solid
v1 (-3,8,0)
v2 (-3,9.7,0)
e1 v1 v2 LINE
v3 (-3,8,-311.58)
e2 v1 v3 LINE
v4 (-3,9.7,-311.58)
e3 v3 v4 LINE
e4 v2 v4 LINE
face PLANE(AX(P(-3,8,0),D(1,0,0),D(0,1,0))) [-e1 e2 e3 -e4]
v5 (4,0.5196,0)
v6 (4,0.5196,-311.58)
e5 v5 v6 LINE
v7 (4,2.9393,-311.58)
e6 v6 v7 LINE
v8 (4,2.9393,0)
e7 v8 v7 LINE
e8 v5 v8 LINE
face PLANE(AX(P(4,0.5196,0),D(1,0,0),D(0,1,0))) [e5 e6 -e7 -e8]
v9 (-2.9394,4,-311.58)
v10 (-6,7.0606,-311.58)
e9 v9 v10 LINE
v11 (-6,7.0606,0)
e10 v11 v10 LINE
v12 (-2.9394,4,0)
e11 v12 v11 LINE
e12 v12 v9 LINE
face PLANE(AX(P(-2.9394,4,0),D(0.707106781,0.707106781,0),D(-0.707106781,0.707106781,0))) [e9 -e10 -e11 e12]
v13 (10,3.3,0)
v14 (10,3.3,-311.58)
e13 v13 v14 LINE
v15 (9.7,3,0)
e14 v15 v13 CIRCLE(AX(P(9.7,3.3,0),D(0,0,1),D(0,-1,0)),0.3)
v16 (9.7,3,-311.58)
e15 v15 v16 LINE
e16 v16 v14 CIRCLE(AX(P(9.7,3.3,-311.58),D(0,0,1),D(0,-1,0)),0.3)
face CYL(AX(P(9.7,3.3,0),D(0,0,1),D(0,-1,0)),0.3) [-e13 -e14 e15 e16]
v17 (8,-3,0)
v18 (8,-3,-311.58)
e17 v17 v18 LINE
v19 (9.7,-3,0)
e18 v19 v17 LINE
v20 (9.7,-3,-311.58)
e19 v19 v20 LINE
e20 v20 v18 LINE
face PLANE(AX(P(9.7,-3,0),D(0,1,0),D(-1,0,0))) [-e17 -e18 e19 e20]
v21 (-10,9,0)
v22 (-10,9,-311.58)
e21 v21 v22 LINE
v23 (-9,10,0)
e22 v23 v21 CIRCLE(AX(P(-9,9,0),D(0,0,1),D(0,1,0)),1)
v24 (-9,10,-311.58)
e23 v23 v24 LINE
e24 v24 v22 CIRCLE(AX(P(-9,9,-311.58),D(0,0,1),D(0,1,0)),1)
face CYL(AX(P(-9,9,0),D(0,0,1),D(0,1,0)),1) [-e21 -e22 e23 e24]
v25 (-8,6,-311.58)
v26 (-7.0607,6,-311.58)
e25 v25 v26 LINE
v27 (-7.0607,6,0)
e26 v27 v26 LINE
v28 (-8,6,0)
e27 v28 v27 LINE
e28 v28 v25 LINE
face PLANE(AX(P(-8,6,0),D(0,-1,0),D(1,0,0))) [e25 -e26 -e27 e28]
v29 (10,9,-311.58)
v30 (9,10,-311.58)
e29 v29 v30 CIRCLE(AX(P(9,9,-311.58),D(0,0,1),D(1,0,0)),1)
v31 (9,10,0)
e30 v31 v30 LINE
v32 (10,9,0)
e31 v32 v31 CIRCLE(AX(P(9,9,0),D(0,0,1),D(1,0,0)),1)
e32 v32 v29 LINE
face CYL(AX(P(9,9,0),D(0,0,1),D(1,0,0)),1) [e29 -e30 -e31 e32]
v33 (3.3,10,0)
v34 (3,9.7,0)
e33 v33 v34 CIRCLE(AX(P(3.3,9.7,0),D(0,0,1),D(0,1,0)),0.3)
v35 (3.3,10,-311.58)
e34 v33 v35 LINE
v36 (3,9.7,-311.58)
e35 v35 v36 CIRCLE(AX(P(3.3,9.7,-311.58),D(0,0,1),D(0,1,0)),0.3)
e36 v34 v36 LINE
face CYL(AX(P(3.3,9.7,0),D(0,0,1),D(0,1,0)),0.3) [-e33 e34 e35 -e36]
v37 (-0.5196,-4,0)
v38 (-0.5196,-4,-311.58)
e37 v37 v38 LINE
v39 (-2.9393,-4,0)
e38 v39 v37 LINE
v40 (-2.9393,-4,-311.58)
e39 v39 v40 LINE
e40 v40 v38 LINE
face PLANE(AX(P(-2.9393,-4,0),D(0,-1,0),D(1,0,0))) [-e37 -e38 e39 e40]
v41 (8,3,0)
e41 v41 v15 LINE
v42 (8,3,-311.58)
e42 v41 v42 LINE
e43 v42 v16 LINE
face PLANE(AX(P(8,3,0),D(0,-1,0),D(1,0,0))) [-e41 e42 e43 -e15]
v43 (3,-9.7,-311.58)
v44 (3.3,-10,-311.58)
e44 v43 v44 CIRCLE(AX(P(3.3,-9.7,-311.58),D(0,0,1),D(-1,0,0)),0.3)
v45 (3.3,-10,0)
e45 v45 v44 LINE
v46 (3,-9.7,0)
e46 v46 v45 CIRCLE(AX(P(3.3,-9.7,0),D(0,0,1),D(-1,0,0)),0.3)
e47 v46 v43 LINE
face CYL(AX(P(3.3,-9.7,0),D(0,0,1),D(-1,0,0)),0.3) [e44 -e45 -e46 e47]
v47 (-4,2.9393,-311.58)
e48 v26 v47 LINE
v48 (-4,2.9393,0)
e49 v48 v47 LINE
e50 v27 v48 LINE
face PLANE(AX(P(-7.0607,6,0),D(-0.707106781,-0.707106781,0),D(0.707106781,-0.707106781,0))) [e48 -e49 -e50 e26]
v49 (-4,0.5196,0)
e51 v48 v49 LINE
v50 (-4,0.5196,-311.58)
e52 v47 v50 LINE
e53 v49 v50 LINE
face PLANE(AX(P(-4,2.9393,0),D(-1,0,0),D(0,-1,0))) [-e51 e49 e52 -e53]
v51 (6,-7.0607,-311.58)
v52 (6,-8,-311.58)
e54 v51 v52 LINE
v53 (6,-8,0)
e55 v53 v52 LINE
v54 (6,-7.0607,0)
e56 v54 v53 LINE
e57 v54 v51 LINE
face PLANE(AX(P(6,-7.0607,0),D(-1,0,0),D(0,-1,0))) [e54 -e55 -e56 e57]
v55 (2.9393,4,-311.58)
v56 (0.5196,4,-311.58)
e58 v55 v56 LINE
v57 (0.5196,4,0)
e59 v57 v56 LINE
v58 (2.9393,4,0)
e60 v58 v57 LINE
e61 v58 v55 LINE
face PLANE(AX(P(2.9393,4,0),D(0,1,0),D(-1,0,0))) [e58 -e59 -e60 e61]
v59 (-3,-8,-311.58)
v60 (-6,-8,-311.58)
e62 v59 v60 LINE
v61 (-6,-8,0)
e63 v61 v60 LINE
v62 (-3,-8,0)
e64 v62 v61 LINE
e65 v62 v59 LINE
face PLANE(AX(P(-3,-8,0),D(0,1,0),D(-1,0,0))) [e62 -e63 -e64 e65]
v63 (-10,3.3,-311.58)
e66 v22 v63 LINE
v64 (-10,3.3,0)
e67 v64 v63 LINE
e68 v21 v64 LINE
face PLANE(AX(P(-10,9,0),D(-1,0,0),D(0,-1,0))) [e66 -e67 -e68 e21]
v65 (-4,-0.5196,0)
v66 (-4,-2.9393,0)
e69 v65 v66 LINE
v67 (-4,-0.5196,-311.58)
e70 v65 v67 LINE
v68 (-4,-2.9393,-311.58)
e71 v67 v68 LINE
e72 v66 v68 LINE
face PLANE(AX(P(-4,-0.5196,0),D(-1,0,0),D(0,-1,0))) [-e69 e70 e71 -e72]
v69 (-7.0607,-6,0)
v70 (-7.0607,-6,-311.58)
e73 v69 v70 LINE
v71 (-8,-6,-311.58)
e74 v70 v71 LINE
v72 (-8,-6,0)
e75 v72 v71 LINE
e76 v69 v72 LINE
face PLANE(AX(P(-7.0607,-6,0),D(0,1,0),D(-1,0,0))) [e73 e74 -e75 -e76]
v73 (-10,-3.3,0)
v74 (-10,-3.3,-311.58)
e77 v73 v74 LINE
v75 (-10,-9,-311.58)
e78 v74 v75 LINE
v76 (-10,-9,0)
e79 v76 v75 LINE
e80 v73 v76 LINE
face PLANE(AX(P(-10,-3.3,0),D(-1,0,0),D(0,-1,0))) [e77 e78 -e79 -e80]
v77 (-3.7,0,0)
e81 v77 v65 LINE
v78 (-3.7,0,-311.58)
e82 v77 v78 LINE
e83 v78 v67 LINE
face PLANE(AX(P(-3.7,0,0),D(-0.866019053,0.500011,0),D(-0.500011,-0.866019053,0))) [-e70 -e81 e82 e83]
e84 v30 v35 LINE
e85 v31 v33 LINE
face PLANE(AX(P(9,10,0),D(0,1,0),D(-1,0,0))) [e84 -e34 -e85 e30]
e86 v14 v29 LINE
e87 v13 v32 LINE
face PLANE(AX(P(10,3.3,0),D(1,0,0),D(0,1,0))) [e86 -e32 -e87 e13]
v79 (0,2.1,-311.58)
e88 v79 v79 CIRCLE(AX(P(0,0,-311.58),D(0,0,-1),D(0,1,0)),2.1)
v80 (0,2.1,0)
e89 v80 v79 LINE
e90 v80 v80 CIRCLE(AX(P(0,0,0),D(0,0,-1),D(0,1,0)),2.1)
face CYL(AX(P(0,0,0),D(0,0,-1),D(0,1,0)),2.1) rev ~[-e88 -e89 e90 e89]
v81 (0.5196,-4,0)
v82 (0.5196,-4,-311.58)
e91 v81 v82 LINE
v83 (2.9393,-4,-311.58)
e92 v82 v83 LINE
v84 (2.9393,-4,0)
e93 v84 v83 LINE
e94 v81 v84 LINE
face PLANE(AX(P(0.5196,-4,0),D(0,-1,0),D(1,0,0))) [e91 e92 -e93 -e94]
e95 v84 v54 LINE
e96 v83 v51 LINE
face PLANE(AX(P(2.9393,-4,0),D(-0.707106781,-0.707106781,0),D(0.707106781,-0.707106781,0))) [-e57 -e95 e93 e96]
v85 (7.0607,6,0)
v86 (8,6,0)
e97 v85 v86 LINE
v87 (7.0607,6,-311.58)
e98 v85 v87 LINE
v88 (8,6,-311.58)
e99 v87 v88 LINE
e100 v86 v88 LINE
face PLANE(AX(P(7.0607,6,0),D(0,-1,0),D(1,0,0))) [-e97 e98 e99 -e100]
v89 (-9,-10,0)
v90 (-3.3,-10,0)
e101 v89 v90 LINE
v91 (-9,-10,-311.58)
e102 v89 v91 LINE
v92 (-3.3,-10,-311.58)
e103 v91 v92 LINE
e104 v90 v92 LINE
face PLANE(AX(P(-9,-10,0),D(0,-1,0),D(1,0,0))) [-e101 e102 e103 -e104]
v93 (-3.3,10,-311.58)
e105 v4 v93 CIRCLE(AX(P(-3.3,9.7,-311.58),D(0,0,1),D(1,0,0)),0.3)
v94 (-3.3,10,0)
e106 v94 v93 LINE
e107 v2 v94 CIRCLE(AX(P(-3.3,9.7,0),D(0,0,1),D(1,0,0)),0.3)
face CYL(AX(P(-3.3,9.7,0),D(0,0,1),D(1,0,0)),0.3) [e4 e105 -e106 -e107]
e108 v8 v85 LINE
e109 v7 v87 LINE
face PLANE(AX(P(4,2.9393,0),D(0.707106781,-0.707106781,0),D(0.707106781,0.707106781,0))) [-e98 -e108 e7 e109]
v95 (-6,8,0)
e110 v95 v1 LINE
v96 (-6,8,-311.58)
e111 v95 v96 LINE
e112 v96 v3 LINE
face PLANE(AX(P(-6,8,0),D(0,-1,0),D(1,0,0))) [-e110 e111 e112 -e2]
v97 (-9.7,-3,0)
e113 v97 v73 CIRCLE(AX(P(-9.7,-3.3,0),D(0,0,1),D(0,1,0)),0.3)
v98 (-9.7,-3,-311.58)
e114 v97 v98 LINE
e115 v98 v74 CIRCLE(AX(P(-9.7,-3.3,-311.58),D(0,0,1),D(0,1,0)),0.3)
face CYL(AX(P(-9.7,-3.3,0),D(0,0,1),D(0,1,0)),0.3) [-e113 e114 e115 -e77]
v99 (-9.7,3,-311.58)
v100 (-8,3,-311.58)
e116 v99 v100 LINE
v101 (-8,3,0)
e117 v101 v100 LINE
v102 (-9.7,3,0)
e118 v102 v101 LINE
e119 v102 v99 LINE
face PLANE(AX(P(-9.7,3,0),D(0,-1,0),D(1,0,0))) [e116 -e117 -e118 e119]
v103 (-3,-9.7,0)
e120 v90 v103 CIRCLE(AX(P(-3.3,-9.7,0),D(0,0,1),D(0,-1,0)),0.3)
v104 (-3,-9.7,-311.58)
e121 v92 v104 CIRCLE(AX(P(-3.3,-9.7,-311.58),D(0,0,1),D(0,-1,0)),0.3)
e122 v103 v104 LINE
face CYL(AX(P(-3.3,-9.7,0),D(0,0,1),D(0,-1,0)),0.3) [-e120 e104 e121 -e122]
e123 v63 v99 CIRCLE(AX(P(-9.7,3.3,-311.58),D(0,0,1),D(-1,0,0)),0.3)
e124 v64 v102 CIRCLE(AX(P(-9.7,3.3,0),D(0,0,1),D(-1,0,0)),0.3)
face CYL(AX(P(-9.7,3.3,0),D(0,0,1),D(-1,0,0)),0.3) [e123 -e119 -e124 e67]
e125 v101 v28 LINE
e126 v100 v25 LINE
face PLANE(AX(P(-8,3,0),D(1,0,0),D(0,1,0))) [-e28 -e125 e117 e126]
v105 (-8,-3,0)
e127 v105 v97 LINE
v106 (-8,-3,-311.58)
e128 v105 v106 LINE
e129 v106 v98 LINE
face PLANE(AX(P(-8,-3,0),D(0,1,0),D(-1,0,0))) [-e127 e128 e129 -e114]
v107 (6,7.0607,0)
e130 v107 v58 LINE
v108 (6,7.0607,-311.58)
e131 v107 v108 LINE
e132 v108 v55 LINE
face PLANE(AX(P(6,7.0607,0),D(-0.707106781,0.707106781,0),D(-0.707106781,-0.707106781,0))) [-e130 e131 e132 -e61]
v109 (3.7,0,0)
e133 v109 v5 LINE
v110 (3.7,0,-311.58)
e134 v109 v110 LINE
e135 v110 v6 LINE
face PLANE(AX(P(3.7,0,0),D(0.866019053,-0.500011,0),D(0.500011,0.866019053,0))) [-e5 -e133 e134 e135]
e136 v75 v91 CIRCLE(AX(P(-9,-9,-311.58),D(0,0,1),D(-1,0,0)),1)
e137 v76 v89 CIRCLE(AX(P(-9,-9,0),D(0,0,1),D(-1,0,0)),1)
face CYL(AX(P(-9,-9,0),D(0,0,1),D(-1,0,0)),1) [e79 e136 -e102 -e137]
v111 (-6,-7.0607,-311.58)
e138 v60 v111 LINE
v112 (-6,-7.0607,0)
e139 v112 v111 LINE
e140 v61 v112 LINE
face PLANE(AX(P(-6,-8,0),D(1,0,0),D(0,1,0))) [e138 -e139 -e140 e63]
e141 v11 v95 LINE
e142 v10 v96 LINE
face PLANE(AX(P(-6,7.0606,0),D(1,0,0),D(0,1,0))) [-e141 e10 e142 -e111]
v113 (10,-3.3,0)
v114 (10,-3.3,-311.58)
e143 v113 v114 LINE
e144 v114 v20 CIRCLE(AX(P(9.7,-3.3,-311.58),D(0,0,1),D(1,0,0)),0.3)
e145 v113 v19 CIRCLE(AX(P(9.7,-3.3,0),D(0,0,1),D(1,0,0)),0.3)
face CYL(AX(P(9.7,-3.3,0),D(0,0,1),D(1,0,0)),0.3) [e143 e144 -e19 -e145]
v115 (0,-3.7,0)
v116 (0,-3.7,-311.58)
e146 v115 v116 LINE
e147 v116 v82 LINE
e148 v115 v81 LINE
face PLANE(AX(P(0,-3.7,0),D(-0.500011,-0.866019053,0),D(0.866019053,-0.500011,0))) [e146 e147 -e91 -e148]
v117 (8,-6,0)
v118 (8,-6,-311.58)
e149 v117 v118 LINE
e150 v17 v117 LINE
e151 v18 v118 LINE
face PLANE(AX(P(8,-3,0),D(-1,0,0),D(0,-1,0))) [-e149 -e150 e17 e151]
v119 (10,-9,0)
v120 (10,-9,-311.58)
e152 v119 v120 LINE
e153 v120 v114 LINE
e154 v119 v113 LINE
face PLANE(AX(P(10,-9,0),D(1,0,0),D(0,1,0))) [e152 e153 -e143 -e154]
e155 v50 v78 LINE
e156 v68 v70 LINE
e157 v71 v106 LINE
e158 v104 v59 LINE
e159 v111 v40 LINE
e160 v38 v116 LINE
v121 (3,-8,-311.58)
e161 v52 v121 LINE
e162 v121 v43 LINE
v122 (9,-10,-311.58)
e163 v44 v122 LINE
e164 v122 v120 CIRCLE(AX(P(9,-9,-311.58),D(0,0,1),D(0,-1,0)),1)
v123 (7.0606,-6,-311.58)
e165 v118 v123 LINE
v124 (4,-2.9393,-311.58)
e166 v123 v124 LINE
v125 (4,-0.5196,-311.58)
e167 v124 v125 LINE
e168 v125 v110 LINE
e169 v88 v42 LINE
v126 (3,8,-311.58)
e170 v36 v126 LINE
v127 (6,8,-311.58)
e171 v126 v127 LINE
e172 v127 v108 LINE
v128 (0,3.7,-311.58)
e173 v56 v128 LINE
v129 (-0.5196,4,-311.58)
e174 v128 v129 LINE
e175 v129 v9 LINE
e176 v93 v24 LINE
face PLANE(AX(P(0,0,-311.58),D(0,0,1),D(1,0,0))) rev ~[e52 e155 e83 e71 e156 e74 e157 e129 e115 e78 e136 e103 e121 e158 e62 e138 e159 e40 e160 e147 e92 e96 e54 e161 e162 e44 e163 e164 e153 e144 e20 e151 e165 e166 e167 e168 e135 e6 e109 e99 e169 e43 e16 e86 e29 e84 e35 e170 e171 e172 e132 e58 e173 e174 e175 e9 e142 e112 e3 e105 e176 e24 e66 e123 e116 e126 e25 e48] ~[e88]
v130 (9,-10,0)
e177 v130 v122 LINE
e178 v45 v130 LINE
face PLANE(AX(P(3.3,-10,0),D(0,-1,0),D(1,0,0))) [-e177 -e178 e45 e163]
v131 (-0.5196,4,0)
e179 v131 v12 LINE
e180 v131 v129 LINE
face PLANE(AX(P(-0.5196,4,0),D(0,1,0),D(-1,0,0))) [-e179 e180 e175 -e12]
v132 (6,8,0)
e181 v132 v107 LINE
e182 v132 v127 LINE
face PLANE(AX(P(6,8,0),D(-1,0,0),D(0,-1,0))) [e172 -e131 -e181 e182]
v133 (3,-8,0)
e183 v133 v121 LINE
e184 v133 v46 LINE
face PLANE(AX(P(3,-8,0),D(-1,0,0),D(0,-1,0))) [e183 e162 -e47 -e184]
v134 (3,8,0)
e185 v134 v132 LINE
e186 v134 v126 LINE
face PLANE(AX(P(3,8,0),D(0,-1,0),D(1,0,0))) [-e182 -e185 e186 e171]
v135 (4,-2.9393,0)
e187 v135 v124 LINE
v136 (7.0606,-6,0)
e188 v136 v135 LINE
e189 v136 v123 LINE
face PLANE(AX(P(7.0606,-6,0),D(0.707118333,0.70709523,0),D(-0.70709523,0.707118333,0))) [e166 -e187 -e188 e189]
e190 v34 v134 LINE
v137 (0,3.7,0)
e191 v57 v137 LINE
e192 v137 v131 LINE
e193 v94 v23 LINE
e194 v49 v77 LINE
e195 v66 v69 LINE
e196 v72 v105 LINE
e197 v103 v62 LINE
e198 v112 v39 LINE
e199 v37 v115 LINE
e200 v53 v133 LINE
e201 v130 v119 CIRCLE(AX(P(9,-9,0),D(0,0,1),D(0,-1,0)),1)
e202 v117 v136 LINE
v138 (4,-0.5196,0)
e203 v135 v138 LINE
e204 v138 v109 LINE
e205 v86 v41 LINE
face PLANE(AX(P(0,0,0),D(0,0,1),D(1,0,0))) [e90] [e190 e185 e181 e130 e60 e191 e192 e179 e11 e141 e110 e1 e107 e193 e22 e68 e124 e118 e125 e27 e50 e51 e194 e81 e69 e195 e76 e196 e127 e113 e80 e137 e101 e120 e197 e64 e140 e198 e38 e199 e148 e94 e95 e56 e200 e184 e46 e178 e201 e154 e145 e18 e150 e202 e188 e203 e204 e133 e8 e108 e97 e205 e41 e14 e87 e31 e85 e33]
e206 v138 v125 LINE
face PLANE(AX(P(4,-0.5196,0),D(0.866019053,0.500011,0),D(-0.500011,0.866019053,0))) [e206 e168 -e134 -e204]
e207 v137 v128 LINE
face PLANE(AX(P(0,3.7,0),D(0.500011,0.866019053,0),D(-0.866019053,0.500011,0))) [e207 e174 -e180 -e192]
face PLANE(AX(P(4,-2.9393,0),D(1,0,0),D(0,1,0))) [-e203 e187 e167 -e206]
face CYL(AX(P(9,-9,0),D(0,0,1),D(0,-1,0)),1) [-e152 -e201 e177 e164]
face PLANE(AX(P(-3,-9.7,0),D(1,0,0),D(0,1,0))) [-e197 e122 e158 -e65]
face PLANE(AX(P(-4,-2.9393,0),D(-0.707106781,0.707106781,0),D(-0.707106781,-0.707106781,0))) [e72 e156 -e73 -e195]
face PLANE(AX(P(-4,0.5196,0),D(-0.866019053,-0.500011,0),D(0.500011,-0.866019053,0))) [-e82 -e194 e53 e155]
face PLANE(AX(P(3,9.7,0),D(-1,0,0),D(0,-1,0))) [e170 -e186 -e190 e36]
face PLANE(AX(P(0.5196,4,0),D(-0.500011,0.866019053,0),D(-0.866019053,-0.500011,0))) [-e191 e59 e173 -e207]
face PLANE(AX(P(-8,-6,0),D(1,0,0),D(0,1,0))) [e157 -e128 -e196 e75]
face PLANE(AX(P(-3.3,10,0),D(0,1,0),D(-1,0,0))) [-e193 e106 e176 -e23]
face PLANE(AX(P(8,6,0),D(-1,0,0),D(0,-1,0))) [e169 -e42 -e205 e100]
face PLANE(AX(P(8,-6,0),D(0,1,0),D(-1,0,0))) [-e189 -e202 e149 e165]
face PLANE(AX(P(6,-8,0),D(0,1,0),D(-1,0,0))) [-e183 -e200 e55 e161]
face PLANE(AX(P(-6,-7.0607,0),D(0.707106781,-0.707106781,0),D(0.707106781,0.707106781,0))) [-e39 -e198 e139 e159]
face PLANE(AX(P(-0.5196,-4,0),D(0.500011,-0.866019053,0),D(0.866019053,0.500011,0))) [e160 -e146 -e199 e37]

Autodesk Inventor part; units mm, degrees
sketch "Sketch_1" plane through (0, 0, 0) normal (0, 0, 1) x (1, 0, 0)
  line L0 (-10, 9) -> (-10, 3.3)
  arc A0 (-10, 3.3) -> (-9.7, 3) centre (-9.7, 3.3) ccw
  line L1 (-9.7, 3) -> (-8, 3)
  line L2 (-8, 3) -> (-8, 6)
  line L3 (-8, 6) -> (-7.0607, 6)
  line L4 (-7.0607, 6) -> (-4, 2.9393)
  line L5 (-4, 2.9393) -> (-4, 0.5196)
  line L6 (-4, 0.5196) -> (-3.7, 0)
  line L7 (-3.7, 0) -> (-4, -0.5196)
  line L8 (-4, -0.5196) -> (-4, -2.9393)
  line L9 (-4, -2.9393) -> (-7.0607, -6)
  line L10 (-7.0607, -6) -> (-8, -6)
  line L11 (-8, -6) -> (-8, -3)
  line L12 (-8, -3) -> (-9.7, -3)
  arc A1 (-9.7, -3) -> (-10, -3.3) centre (-9.7, -3.3) ccw
  line L13 (-10, -3.3) -> (-10, -9)
  arc A2 (-10, -9) -> (-9, -10) centre (-9, -9) ccw
  line L14 (-9, -10) -> (-3.3, -10)
  arc A3 (-3.3, -10) -> (-3, -9.7) centre (-3.3, -9.7) ccw
  line L15 (-3, -9.7) -> (-3, -8)
  line L16 (-3, -8) -> (-6, -8)
  line L17 (-6, -8) -> (-6, -7.0607)
  line L18 (-6, -7.0607) -> (-2.9393, -4)
  line L19 (-2.9393, -4) -> (-0.5196, -4)
  line L20 (-0.5196, -4) -> (0, -3.7)
  line L21 (0, -3.7) -> (0.5196, -4)
  line L22 (0.5196, -4) -> (2.9393, -4)
  line L23 (2.9393, -4) -> (6, -7.0607)
  line L24 (6, -7.0607) -> (6, -8)
  line L25 (6, -8) -> (3, -8)
  line L26 (3, -8) -> (3, -9.7)
  arc A4 (3, -9.7) -> (3.3, -10) centre (3.3, -9.7) ccw
  line L27 (3.3, -10) -> (9, -10)
  arc A5 (9, -10) -> (10, -9) centre (9, -9) ccw
  line L28 (10, -9) -> (10, -3.3)
  arc A6 (10, -3.3) -> (9.7, -3) centre (9.7, -3.3) ccw
  line L29 (9.7, -3) -> (8, -3)
  line L30 (8, -3) -> (8, -6)
  line L31 (8, -6) -> (7.0606, -6)
  line L32 (7.0606, -6) -> (4, -2.9393)
  line L33 (4, -2.9393) -> (4, -0.5196)
  line L34 (4, -0.5196) -> (3.7, 0)
  line L35 (3.7, 0) -> (4, 0.5196)
  line L36 (4, 0.5196) -> (4, 2.9393)
  line L37 (4, 2.9393) -> (7.0607, 6)
  line L38 (7.0607, 6) -> (8, 6)
  line L39 (8, 6) -> (8, 3)
  line L40 (8, 3) -> (9.7, 3)
  arc A7 (9.7, 3) -> (10, 3.3) centre (9.7, 3.3) ccw
  line L41 (10, 3.3) -> (10, 9)
  arc A8 (10, 9) -> (9, 10) centre (9, 9) ccw
  line L42 (9, 10) -> (3.3, 10)
  arc A9 (3.3, 10) -> (3, 9.7) centre (3.3, 9.7) ccw
  line L43 (3, 9.7) -> (3, 8)
  line L44 (3, 8) -> (6, 8)
  line L45 (6, 8) -> (6, 7.0607)
  line L46 (6, 7.0607) -> (2.9393, 4)
  line L47 (2.9393, 4) -> (0.5196, 4)
  line L48 (0.5196, 4) -> (0, 3.7)
  line L49 (0, 3.7) -> (-0.5196, 4)
  line L50 (-0.5196, 4) -> (-2.9394, 4)
  line L51 (-2.9394, 4) -> (-6, 7.0606)
  line L52 (-6, 7.0606) -> (-6, 8)
  line L53 (-6, 8) -> (-3, 8)
  line L54 (-3, 8) -> (-3, 9.7)
  arc A10 (-3, 9.7) -> (-3.3, 10) centre (-3.3, 9.7) ccw
  line L55 (-3.3, 10) -> (-9, 10)
  arc A11 (-9, 10) -> (-10, 9) centre (-9, 9) ccw
extrude "Extrusion1" add sketch "Sketch_1" against normal blind 311.58
sketch "Sketch_2" plane through (0, 0, 0) normal (1, 0, 0) x (0, 0, -1)
  line L0 (400, 0) -> (0, 0)
  line L1 (0, 0) -> (0, 2.1)
  line L2 (0, 2.1) -> (400, 2.1)
  line L3 (400, 2.1) -> (400, 0)
  line L4 (400, 0) -> (0, 0)
revolve "Revolution1" cut sketch "Sketch_2" angle 360 about axis through (0, 0, -400) along (0, 0, -1)
ref_plane "C1_XY" through (0, 0, 0) normal (0, 0, 1) x (1, 0, 0)
ref_plane "C1_YZ" through (0, 0, 0) normal (1, 0, 0) x (0, 1, 0)
ref_plane "C1_ZX" through (0, 0, 0) normal (0, 1, 0) x (0, 0, 1)
properties part number "2020 extrusion Y cross big machine" material "Aluminum 6061"
